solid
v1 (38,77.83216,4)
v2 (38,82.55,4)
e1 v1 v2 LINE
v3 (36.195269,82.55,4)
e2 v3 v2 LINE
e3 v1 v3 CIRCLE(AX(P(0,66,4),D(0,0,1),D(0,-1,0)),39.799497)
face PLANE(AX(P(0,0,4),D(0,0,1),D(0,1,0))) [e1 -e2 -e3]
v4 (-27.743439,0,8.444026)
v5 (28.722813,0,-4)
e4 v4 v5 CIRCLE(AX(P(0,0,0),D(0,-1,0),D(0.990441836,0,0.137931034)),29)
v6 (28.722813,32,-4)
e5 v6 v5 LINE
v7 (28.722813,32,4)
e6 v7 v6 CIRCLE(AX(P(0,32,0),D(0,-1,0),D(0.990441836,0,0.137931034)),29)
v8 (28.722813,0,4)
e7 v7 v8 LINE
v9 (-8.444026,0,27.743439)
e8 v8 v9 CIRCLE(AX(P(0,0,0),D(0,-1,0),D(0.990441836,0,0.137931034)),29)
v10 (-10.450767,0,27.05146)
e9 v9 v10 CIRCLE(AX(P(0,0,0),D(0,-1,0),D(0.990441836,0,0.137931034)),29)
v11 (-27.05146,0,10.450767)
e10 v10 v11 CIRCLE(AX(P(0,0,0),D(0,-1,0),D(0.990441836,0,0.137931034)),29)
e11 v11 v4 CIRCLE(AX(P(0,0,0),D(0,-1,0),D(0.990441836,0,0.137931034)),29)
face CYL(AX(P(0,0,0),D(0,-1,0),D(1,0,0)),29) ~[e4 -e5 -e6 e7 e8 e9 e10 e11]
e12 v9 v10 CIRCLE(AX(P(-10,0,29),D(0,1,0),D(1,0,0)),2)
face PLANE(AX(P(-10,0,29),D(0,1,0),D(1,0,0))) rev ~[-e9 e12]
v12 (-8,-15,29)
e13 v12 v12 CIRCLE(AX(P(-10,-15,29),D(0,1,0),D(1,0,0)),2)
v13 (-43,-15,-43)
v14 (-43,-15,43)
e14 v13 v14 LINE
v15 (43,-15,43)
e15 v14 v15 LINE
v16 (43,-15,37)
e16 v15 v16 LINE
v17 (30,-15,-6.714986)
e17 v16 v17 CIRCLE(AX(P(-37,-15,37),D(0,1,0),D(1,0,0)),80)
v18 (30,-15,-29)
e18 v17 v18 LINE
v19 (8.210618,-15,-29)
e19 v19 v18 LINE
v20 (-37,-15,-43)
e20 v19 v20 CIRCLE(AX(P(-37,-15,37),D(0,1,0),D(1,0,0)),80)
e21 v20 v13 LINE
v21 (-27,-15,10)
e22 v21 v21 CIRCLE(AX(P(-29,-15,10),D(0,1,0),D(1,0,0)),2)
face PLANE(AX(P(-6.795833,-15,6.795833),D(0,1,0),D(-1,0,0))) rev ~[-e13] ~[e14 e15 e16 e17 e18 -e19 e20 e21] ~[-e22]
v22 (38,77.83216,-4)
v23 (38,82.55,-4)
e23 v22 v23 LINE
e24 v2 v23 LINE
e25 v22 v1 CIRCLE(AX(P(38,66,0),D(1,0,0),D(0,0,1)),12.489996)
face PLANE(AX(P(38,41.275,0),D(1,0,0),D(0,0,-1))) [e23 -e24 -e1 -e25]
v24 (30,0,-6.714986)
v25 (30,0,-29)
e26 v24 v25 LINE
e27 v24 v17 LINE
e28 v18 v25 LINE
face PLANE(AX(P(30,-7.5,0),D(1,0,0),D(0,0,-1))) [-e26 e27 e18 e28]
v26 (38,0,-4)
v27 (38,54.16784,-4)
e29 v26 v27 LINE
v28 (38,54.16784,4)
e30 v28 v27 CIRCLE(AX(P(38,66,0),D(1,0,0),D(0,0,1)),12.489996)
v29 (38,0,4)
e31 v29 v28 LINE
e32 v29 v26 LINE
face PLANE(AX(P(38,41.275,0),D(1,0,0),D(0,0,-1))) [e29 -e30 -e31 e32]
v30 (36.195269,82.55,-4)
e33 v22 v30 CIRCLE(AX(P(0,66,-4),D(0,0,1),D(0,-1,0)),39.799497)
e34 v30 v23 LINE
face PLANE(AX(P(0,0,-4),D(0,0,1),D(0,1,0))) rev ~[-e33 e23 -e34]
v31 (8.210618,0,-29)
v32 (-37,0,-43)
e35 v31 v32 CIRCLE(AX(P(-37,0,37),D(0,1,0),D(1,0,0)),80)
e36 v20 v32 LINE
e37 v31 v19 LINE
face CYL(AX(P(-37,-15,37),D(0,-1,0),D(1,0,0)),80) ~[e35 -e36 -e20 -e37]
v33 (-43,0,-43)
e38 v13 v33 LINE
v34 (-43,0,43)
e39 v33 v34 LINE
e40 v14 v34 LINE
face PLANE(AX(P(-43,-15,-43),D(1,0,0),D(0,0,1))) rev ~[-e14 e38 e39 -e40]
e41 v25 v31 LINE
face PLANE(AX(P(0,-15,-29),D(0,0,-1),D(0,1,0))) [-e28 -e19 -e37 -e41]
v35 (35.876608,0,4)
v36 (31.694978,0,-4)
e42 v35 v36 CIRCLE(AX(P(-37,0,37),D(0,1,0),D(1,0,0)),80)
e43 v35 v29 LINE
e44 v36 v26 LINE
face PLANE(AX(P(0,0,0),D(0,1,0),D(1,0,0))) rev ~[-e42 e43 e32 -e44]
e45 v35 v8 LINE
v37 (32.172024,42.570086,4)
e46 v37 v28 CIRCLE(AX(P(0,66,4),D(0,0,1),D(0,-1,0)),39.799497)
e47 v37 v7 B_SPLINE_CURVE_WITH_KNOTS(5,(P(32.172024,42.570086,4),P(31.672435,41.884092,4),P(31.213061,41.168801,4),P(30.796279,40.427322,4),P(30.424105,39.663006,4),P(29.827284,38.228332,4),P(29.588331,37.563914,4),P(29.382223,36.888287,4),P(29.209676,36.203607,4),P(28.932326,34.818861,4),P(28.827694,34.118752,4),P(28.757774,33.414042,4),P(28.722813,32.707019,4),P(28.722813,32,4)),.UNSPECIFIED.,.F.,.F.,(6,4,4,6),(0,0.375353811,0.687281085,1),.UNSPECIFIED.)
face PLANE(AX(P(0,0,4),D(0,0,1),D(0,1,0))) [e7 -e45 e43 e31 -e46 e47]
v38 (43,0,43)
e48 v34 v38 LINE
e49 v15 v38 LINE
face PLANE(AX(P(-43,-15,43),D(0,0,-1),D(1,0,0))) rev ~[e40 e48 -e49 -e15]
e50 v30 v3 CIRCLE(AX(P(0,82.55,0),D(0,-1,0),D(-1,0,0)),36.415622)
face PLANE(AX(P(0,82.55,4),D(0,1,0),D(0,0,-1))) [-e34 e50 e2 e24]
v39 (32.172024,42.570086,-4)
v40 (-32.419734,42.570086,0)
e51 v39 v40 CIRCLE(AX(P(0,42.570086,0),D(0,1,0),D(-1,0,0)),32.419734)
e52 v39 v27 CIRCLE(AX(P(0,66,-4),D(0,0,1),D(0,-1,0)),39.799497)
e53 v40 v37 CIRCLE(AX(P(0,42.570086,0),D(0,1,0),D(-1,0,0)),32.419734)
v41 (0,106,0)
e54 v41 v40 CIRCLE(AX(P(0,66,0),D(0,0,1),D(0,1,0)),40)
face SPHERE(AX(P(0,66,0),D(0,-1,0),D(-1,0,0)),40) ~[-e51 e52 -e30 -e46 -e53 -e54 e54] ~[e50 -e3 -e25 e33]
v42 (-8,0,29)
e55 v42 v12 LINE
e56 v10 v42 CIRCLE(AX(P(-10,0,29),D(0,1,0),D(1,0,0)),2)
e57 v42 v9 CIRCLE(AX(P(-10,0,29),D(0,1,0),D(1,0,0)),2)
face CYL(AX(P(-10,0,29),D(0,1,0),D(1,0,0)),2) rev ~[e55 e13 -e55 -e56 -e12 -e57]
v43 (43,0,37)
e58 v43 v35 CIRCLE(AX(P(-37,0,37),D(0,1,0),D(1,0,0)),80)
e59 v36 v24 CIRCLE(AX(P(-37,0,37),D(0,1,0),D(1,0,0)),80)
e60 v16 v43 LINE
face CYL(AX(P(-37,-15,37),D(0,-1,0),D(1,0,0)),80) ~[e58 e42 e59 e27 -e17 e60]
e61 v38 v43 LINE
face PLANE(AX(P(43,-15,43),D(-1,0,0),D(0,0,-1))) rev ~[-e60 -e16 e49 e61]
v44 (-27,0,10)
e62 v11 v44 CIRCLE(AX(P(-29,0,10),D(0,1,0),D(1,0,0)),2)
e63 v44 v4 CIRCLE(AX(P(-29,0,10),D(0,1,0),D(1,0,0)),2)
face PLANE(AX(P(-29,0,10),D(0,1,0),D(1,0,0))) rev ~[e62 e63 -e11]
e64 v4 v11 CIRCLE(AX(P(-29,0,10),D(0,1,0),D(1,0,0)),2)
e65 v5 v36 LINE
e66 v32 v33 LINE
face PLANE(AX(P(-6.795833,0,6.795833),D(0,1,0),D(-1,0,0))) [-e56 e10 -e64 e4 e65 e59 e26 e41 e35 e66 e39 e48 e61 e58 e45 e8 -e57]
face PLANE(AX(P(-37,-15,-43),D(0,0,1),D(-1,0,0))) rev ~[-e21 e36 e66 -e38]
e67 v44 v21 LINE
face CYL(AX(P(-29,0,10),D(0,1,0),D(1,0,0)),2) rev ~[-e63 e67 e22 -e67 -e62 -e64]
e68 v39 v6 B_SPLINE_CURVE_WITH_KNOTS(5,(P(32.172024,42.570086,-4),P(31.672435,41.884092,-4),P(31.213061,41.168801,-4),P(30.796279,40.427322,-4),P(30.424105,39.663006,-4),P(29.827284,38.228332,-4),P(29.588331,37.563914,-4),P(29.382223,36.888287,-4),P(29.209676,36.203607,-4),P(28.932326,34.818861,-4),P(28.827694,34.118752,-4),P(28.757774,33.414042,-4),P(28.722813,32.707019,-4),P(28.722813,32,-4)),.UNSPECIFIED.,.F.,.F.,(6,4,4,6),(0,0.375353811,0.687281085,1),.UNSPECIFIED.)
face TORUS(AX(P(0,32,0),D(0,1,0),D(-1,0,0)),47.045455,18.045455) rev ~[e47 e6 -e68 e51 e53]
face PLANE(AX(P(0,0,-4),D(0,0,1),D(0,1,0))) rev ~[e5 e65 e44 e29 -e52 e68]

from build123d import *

# Parameters (mm, degrees)
SKETCH1_R           = 29
BOSS_EXTRUDE1_DEPTH = 32
SKETCH3_W           = 8
SKETCH3_H           = 82.55
BOSS_EXTRUDE2_DEPTH = 38
SKETCH5_W           = 58
SKETCH5_H           = 15
BOSS_EXTRUDE3_DEPTH = 30
BOSS_EXTRUDE4_DEPTH = 15
SKETCH7_R           = 2
CUT_EXTRUDE2_DEPTH  = 16


with BuildPart() as part:
    # Sketch1 → Boss-Extrude1 (new body)
    with BuildSketch(Plane(origin=(0, 0, 0), x_dir=(1, 0, 0), z_dir=(0, 1, 0))):
        Circle(SKETCH1_R)
    extrude(amount=BOSS_EXTRUDE1_DEPTH)

    # Sketch2 → Revolve1 (revolve)
    with BuildSketch(Plane.XY):
        with BuildLine():
            Line((-29, 32), (0, 32))
            Line((0, 32), (0, 106))
            ThreePointArc((0, 106), (-35.617387288, 84.204442392), (-32.419733751, 42.570086139))
            ThreePointArc((-32.419733751, 42.570086139), (-29.876205733, 37.554756969), (-29, 32))
        make_face()
    revolve(axis=Axis((0, 32, 0), (0, 1, 0)))

    # Sketch3 → Boss-Extrude2 (add)
    with BuildSketch(Plane(origin=(0, 0, 0), x_dir=(0, 0, -1), z_dir=(1, 0, 0))):
        with Locations((0, 41.275)):
            Rectangle(SKETCH3_W, SKETCH3_H)
    extrude(amount=BOSS_EXTRUDE2_DEPTH)

    # Sketch5 → Boss-Extrude3 (add, symmetric)
    with BuildSketch(Plane(origin=(0, 0, 0), x_dir=(0, 0, -1), z_dir=(1, 0, 0))):
        with Locations((0, -7.5)):
            Rectangle(SKETCH5_W, SKETCH5_H)
    extrude(amount=BOSS_EXTRUDE3_DEPTH, both=True)

    # Sketch6 → Boss-Extrude4 (add)
    with BuildSketch(Plane.XZ.offset(15)):
        with BuildLine():
            Line((-37, -43), (-43, -43))
            Line((-43, -43), (-43, 43))
            Line((-43, 43), (43, 43))
            Line((43, 43), (43, 37))
            ThreePointArc((43, 37), (19.568542495, -19.568542495), (-37, -43))
        make_face()
    extrude(amount=-BOSS_EXTRUDE4_DEPTH)

    # Sketch7 → Cut-Extrude2 (cut, through all)
    with BuildSketch(Plane(origin=(0, 0, 0), x_dir=(1, 0, 0), z_dir=(0, 1, 0))):
        with Locations((-29, -10)):
            Circle(SKETCH7_R)
        with Locations((-10, -29)):
            Circle(SKETCH7_R)
    extrude(amount=-CUT_EXTRUDE2_DEPTH, mode=Mode.SUBTRACT)


solid = part.part
